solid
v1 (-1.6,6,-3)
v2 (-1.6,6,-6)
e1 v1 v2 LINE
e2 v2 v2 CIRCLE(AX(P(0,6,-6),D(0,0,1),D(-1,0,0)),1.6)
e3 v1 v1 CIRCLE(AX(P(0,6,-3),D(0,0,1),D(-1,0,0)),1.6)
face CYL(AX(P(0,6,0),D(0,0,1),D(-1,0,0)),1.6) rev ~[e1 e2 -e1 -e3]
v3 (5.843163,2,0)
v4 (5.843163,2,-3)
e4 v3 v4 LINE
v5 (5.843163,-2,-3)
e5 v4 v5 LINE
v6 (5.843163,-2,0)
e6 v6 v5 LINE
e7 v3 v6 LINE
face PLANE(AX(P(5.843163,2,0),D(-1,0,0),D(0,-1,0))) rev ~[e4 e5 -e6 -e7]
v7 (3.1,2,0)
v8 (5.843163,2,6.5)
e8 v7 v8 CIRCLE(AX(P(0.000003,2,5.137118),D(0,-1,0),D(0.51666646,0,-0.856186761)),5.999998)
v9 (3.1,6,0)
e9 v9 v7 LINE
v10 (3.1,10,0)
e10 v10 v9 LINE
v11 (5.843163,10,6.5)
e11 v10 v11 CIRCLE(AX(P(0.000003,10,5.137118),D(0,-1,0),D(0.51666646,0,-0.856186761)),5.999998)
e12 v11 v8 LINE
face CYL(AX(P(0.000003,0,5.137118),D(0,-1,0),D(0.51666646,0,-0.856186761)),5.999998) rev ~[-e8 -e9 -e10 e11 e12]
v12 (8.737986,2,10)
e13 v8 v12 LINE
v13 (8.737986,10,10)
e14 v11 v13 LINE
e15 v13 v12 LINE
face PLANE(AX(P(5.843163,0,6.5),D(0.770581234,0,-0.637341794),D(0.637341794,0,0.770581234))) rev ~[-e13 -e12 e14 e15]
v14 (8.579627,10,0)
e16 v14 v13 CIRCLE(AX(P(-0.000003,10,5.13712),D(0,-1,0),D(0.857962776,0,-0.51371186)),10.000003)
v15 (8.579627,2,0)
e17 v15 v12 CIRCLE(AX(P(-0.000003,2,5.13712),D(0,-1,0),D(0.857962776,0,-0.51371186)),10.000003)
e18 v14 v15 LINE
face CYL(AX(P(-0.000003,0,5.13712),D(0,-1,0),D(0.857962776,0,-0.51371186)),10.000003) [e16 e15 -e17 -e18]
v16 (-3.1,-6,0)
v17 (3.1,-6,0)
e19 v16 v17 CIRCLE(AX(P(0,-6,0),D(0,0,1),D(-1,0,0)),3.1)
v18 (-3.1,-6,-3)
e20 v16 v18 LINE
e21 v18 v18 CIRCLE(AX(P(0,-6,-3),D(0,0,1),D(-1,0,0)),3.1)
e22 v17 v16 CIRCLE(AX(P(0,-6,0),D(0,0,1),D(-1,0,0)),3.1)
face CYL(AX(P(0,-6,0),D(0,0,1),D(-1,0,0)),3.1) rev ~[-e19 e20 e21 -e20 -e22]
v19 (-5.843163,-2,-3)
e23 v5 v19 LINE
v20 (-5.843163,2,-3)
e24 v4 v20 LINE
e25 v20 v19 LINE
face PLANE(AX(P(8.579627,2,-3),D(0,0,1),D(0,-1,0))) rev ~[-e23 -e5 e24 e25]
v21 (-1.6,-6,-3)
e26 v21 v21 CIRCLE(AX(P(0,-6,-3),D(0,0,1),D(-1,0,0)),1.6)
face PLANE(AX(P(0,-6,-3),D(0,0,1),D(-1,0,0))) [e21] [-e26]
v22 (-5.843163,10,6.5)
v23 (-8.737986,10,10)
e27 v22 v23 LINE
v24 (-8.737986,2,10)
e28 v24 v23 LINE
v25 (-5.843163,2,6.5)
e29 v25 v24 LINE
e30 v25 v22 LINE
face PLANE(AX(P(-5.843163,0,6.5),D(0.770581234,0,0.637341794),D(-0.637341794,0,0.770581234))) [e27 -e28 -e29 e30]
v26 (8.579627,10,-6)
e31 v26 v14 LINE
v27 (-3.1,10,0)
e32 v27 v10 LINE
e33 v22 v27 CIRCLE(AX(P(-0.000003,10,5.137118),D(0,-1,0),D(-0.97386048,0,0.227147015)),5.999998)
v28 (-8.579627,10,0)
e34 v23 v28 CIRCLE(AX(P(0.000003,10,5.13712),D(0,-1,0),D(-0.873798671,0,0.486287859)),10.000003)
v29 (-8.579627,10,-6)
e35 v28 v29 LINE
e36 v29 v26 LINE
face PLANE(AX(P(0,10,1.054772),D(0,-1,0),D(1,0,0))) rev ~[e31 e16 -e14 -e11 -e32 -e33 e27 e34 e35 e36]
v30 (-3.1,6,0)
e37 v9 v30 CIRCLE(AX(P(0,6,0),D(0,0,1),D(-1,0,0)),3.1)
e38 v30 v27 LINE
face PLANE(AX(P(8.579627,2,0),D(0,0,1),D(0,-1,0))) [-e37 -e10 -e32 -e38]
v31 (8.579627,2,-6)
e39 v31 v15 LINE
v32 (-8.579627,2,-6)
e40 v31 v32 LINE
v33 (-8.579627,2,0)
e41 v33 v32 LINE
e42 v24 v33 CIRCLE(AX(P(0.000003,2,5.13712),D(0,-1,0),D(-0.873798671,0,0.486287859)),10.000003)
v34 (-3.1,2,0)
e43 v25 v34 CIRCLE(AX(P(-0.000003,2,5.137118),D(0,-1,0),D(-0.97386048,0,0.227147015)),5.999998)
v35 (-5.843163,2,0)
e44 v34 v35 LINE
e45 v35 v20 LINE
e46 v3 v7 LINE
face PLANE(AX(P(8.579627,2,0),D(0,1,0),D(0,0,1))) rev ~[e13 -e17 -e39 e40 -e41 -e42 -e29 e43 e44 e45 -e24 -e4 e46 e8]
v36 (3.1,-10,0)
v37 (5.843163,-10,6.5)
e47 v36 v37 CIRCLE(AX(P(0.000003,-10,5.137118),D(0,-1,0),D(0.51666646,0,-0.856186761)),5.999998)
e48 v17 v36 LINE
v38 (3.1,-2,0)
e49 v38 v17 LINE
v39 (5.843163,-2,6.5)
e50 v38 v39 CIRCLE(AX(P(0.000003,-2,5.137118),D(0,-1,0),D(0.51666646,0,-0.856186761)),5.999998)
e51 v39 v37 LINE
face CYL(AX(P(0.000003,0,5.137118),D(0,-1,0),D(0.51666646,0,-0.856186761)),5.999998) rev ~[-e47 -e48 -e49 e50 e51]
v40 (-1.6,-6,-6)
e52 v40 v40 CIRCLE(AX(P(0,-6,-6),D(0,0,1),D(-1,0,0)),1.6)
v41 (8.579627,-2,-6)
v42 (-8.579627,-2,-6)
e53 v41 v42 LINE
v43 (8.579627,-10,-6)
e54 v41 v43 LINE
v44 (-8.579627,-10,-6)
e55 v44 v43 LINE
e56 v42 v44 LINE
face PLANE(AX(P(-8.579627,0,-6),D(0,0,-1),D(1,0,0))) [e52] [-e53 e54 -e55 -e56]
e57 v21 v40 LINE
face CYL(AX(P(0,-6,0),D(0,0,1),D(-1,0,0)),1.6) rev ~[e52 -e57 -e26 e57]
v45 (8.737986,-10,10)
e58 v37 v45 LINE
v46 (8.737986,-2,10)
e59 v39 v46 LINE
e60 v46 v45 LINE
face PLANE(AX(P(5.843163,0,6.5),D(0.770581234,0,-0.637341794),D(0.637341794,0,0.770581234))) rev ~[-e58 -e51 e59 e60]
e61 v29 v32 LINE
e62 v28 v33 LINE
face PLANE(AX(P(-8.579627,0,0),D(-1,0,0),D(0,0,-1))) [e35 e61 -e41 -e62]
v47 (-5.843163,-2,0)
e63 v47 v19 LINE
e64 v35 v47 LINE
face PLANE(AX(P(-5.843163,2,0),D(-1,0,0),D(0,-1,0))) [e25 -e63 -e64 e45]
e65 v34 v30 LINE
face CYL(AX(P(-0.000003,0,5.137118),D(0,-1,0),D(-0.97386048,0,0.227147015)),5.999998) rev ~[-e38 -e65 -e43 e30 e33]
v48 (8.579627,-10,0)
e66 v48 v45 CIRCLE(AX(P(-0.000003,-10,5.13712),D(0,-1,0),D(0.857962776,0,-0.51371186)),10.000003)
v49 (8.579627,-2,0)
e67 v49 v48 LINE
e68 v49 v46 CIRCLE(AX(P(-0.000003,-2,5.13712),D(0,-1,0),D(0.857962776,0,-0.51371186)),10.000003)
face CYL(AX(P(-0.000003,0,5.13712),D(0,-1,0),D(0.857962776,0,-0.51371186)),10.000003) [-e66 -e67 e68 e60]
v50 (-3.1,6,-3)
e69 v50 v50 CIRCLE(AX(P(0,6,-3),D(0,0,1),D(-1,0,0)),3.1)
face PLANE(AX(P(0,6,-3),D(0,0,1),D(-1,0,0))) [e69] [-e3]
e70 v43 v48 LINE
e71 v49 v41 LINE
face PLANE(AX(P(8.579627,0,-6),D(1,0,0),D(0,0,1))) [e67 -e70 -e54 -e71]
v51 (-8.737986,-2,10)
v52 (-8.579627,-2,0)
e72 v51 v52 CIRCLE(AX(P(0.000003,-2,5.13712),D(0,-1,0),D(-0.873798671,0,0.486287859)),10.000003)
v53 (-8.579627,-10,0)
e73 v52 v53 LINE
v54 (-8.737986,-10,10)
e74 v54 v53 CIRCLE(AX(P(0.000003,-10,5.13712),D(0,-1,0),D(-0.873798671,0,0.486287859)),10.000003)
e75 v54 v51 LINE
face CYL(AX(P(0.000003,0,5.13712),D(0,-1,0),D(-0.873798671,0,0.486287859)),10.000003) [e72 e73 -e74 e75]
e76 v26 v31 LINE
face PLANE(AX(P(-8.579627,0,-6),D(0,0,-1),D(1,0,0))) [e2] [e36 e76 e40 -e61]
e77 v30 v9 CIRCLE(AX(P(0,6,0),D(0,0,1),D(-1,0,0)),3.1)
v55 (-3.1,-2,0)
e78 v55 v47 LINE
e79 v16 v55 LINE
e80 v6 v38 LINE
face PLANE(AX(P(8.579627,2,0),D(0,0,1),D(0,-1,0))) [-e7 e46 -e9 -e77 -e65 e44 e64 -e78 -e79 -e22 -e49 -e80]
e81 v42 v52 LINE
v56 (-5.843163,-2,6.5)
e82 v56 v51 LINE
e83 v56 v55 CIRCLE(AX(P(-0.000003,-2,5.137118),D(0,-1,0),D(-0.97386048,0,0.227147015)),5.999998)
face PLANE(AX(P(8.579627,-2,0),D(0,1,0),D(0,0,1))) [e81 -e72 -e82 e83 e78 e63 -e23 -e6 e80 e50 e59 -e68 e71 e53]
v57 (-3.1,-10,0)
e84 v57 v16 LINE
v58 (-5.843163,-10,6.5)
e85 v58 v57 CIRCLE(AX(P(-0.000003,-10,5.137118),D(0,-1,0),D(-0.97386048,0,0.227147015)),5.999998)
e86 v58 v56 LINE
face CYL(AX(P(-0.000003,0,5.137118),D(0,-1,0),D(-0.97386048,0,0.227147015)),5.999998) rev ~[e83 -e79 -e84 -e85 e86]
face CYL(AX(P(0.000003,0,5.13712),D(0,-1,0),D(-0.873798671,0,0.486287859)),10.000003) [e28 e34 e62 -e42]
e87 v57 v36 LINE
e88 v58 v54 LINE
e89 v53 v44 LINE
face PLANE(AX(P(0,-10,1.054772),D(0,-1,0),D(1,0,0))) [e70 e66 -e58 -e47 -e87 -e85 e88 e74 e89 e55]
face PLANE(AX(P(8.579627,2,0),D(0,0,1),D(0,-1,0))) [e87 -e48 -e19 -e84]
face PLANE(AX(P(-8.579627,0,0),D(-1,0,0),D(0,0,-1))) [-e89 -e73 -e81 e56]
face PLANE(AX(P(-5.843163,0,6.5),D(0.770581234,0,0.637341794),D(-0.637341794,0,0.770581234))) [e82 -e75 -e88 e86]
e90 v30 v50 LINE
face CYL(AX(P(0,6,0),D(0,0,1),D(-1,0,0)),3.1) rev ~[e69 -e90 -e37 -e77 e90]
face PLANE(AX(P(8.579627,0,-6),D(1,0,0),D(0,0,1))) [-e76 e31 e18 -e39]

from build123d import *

# Parameters (mm, degrees)
PAD_DEPTH         = 10
SKETCH001_W       = 10
SKETCH001_H       = 4
SKETCH001_W_2     = 3
POCKET_DEPTH      = 18.580627
POCKET_DEPTH_BACK = -1.421373
SKETCH002_R       = 1.6
POCKET001_DEPTH   = 6.001
SKETCH003_R       = 3.1
POCKET002_DEPTH   = 3
SKETCH004_W       = 2.736464
SKETCH004_H       = 4
POCKET003_DEPTH   = 5


with BuildPart() as part:
    # Sketch → Pad (new body, symmetric)
    with BuildSketch(Plane.XZ):
        with BuildLine():
            ThreePointArc((-8.737986, 10), (-9.998746, 4.978781), (-8.579627, 0))
            Line((-8.579627, 0), (-8.579627, -6))
            Line((-8.579627, -6), (8.579627, -6))
            Line((8.579627, -6), (8.579627, 0))
            ThreePointArc((8.579627, 0), (9.998746, 4.978781), (8.737986, 10))
            Line((5.843163, 6.5), (8.737986, 10))
            ThreePointArc((3.1, 0), (5.527888, 2.804212), (5.843163, 6.5))
            Line((-3.1, 0), (3.1, 0))
            ThreePointArc((-5.843163, 6.5), (-5.527888, 2.804212), (-3.1, 0))
            Line((-5.843163, 6.5), (-8.737986, 10))
        make_face()
    extrude(amount=PAD_DEPTH, both=True)

    # Sketch001 (on Face5 of Pad) → Pocket (cut, two sides)
    with BuildSketch(Plane(origin=(8.579627, 0, 0), x_dir=(0, 0, 1), z_dir=(1, 0, 0))) as pocket_sk:
        with Locations((5, 0)):
            Rectangle(SKETCH001_W, SKETCH001_H)
        with Locations((-4.5, 0)):
            Rectangle(SKETCH001_W_2, SKETCH001_H)
    extrude(amount=-POCKET_DEPTH, mode=Mode.SUBTRACT)
    extrude(pocket_sk.sketch, amount=-POCKET_DEPTH_BACK, mode=Mode.SUBTRACT)

    # Sketch002 (on Face12 of Pocket) → Pocket001 (cut, through all)
    with BuildSketch(Plane(origin=(0, 0, 0), x_dir=(-1, 0, 0), z_dir=(0, 0, 1))):
        with Locations((0, 6)):
            Circle(SKETCH002_R)
        with Locations((0, -6)):
            Circle(SKETCH002_R)
    extrude(amount=-POCKET001_DEPTH, mode=Mode.SUBTRACT)

    # Sketch003 (on Face30 of Pocket001) → Pocket002 (cut)
    with BuildSketch(Plane(origin=(0, 0, 0), x_dir=(-1, 0, 0), z_dir=(0, 0, 1))):
        with Locations((0, 6)):
            Circle(SKETCH003_R)
        with Locations((0, -6)):
            Circle(SKETCH003_R)
    extrude(amount=-POCKET002_DEPTH, mode=Mode.SUBTRACT)

    # Sketch004 (on Face13 of Pocket002) → Pocket003 (cut)
    with BuildSketch(Plane(origin=(0, 0, 0), x_dir=(-1, 0, 0), z_dir=(0, 0, 1))):
        with Locations((-7.211395, 0)):
            Rectangle(SKETCH004_W, SKETCH004_H)
        with Locations((7.211395, 0)):
            Rectangle(SKETCH004_W, SKETCH004_H)
    extrude(amount=-POCKET003_DEPTH, mode=Mode.SUBTRACT)


solid = part.part
